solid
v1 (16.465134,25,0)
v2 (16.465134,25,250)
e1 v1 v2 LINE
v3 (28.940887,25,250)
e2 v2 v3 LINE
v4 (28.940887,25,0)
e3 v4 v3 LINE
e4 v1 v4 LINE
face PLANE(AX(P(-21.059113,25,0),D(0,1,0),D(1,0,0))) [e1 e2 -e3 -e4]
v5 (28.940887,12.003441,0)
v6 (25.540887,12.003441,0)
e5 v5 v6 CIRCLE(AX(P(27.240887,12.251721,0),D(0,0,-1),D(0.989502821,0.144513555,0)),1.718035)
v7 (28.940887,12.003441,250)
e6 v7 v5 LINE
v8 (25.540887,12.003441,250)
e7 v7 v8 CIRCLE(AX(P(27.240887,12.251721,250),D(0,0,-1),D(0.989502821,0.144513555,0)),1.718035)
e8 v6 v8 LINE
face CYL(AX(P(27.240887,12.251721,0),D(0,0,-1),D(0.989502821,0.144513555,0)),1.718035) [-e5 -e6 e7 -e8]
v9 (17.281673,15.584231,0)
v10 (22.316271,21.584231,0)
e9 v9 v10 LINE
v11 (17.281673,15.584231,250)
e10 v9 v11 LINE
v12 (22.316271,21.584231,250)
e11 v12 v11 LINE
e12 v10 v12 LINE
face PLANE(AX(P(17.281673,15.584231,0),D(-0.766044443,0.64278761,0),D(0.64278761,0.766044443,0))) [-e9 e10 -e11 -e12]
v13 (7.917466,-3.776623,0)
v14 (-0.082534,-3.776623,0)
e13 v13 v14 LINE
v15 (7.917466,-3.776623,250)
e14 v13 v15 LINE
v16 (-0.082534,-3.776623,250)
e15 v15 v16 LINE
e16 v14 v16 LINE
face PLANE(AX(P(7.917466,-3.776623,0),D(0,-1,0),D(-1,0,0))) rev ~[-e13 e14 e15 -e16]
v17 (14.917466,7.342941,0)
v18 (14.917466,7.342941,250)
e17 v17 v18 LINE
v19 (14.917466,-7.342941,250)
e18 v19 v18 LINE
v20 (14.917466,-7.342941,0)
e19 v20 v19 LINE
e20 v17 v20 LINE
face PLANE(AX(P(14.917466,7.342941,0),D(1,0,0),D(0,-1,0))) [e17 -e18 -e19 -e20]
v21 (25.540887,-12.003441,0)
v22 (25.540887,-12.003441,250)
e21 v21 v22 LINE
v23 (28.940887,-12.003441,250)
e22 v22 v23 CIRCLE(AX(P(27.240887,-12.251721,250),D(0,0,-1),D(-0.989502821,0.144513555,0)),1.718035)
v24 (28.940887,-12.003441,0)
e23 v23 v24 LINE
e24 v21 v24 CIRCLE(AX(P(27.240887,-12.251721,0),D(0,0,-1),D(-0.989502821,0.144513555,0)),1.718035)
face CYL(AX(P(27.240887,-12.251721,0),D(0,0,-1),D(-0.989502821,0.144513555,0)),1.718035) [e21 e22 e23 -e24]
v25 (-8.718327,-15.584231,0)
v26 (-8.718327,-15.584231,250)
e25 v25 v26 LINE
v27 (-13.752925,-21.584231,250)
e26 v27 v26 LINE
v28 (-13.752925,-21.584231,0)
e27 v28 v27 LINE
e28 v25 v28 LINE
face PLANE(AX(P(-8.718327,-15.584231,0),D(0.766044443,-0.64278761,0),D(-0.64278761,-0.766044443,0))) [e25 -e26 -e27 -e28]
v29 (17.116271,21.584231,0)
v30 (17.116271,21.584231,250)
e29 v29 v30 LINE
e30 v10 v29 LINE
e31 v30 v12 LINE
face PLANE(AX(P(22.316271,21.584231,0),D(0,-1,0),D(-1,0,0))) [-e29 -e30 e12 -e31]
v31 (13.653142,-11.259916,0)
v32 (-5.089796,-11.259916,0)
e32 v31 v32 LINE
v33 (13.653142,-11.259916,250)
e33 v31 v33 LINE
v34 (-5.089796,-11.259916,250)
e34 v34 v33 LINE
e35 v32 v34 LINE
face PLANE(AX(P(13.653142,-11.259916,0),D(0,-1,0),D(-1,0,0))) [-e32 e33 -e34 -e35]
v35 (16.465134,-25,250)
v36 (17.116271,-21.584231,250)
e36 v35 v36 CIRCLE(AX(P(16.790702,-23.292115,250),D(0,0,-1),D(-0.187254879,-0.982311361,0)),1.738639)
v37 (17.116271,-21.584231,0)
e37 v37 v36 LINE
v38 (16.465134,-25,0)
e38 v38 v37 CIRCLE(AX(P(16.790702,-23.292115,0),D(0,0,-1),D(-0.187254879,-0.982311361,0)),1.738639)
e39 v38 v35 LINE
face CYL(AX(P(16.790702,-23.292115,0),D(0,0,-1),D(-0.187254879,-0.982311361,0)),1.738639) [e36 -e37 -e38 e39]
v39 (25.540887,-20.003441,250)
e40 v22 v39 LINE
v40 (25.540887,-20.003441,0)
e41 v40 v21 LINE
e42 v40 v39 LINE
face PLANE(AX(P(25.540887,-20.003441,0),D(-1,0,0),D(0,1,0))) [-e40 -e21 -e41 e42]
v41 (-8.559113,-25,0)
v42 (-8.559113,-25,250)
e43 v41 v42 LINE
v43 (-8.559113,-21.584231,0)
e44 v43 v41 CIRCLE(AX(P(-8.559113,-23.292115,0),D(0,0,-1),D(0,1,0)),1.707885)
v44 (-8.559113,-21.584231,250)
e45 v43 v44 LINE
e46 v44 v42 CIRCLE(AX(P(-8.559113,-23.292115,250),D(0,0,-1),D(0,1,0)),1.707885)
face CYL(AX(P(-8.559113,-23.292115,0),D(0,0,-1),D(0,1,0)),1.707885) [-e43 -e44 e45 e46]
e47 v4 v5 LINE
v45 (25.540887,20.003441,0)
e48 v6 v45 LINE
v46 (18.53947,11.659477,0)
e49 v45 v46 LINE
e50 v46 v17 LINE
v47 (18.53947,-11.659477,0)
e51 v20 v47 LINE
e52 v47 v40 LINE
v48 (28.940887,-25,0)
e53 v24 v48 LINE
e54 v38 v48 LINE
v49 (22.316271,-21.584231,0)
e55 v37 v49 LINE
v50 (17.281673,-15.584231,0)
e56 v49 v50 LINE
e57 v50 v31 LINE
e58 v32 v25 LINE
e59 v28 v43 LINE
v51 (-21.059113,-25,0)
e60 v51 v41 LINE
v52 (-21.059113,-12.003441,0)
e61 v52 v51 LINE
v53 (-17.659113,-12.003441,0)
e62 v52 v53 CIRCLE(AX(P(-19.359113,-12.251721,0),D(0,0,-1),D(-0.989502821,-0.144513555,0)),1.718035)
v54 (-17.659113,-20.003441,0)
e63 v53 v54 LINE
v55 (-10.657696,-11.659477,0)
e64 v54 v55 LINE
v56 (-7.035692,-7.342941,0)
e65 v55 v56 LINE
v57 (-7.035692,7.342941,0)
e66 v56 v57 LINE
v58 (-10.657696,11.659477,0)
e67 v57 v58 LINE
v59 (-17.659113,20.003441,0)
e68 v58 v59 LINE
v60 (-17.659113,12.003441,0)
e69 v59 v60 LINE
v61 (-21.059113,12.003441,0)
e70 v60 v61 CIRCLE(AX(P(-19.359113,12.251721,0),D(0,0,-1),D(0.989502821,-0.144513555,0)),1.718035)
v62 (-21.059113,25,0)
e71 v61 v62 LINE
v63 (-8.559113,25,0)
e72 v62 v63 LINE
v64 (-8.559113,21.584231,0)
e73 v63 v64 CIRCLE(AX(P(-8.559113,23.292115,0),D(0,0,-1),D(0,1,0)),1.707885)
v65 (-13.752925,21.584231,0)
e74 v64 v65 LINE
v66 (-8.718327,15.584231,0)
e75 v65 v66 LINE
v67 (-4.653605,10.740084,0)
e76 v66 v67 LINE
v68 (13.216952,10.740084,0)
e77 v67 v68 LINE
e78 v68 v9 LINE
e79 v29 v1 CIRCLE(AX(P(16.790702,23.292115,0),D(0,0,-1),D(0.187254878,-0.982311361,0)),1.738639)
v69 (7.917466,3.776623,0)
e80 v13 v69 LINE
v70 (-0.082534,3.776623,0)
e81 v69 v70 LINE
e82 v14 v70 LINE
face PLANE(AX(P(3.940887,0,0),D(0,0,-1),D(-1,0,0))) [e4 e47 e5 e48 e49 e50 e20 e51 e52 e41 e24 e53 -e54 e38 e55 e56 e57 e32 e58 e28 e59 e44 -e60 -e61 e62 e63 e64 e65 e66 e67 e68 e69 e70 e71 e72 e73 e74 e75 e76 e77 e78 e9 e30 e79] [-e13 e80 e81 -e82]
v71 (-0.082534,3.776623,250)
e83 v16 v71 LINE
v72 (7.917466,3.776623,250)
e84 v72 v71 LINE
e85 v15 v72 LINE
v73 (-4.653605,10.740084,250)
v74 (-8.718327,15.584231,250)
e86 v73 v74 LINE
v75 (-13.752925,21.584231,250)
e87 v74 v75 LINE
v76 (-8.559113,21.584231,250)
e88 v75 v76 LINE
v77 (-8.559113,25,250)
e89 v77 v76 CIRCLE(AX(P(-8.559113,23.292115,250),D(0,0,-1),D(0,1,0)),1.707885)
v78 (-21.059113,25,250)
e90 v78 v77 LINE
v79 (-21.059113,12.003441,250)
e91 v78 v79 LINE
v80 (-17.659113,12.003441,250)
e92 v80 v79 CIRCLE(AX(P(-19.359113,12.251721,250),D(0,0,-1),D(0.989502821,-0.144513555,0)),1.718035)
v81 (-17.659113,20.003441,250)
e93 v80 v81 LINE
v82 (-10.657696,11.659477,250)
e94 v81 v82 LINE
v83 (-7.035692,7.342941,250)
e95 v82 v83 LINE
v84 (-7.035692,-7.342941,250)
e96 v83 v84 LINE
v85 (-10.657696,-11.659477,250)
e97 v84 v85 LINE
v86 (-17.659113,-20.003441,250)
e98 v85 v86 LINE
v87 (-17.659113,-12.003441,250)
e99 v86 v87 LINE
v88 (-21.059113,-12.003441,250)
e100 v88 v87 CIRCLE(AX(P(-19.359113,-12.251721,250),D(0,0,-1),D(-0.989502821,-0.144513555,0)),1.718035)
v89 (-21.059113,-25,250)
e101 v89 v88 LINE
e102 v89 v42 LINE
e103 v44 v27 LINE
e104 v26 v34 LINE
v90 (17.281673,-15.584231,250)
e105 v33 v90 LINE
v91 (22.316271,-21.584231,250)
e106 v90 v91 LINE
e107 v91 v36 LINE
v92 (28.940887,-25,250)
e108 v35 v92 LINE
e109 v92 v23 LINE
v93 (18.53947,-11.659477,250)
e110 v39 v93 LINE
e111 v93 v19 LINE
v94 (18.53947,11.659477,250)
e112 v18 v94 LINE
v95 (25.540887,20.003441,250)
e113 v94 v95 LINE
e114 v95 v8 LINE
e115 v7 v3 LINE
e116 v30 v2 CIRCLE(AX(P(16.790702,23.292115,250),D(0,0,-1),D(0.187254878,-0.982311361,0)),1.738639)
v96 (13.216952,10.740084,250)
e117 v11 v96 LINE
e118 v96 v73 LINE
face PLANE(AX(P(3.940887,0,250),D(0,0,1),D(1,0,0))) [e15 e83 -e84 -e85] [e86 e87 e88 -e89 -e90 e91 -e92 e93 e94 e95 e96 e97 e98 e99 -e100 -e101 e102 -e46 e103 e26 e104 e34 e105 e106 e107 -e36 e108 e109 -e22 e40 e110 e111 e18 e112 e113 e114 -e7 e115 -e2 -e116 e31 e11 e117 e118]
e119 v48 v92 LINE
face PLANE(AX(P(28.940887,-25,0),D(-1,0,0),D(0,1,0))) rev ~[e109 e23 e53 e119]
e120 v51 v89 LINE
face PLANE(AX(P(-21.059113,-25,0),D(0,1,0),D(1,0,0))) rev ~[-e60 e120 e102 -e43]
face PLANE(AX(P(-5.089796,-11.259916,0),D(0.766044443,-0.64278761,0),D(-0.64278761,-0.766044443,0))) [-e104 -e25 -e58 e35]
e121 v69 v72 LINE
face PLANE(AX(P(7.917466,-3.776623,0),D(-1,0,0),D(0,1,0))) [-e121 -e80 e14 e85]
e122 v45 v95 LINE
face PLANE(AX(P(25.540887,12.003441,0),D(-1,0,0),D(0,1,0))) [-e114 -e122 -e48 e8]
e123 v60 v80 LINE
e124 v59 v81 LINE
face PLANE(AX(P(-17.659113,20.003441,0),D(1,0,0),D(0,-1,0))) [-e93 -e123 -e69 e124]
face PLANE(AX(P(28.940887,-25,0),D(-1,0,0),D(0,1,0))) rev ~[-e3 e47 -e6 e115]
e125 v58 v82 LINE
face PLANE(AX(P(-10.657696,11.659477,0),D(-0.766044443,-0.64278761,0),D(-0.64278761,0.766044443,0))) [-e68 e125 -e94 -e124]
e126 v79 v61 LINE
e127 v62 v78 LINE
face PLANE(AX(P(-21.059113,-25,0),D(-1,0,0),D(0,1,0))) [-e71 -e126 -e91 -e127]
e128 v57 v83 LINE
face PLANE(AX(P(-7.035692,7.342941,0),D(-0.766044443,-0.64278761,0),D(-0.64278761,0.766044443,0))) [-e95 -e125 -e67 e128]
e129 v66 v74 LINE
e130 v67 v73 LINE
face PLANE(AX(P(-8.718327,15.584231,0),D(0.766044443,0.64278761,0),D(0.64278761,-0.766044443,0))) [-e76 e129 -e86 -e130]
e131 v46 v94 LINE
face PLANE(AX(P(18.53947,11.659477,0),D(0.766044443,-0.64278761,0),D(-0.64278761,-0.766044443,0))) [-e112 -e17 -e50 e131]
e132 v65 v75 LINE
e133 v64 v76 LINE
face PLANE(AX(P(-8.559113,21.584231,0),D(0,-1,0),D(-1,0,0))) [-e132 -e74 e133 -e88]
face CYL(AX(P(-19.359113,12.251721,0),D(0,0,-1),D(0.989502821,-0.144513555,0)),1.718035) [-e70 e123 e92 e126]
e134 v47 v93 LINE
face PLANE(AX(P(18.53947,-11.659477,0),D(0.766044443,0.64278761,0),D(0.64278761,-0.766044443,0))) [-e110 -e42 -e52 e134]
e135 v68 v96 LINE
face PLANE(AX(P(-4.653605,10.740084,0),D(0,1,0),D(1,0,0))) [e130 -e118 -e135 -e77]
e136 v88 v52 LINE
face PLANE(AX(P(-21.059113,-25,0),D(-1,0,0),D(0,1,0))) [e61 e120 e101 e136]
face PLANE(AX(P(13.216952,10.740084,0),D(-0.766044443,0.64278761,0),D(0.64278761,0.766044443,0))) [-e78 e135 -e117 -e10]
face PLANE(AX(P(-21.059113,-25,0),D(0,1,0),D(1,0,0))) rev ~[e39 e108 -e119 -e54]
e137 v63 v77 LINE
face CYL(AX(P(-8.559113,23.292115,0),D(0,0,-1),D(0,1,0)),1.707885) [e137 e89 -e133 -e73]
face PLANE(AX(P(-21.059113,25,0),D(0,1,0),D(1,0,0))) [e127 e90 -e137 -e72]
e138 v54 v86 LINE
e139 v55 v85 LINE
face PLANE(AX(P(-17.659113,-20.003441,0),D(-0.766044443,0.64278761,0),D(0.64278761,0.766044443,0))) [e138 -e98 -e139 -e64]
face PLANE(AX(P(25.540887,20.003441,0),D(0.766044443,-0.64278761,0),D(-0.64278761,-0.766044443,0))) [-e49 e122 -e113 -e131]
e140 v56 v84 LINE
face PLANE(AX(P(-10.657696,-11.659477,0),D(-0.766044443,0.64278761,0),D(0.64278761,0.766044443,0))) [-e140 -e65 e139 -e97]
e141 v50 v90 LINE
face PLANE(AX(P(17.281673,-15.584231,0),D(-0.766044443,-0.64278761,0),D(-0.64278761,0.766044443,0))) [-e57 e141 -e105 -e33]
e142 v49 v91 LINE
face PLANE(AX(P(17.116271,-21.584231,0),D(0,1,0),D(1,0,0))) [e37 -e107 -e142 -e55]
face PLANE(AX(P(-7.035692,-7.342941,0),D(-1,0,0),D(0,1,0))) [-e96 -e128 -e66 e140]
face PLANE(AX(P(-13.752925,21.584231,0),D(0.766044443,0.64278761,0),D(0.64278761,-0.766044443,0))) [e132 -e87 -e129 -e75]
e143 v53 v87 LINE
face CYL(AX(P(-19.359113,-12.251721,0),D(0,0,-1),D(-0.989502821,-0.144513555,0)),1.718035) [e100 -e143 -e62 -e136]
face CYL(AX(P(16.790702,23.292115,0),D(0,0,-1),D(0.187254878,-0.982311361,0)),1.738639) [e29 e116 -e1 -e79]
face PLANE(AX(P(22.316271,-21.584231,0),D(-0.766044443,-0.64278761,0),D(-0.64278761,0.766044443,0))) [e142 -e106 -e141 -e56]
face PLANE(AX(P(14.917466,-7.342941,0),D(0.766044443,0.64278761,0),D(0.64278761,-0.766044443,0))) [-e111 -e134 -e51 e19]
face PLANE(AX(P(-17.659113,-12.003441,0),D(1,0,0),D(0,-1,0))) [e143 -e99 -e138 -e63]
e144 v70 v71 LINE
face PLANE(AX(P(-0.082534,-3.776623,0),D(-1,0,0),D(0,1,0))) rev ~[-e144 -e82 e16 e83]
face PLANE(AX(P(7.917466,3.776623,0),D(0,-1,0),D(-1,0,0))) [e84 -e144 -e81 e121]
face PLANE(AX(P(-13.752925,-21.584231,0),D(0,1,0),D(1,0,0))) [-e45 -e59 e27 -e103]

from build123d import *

# Parameters (mm, degrees)
SKETCH1_W           = 50
SKETCH1_H           = 50
BOSS_EXTRUDE1_DEPTH = 250
SKETCH2_W           = 18
SKETCH2_H           = 18
CUT_EXTRUDE2_DEPTH  = 287
SKETCH3_OUTSIDE_W   = 103.962
SKETCH3_OUTSIDE_H   = 103.962
CUT_EXTRUDE5_DEPTH  = 287
SKETCH4_W           = 18
SKETCH4_H           = 18
BOSS_EXTRUDE2_DEPTH = 250
SKETCH5_W           = 8
SKETCH5_H           = 7.553245746
CUT_EXTRUDE6_DEPTH  = 250


with BuildPart() as part:
    # Sketch1 → Boss-Extrude1 (new body)
    with BuildSketch(Plane.XY):
        with Locations((3.9408867, 0)):
            Rectangle(SKETCH1_W, SKETCH1_H)
    extrude(amount=BOSS_EXTRUDE1_DEPTH)

    # Sketch2 → Cut-Extrude2 (cut)
    with BuildSketch(Plane(origin=(0, 0, 0), x_dir=(-1, 0, 0), z_dir=(0, 0, -1))):
        with Locations((-3.9408867, 0)):
            Rectangle(SKETCH2_W, SKETCH2_H)
    extrude(amount=-CUT_EXTRUDE2_DEPTH, mode=Mode.SUBTRACT)

    # Sketch3 outside → Cut-Extrude5 (cut)
    with BuildSketch(Plane(origin=(0, 0, 0), x_dir=(-1, 0, 0), z_dir=(0, 0, -1))):
        with Locations((-3.941, 0)):
            Rectangle(SKETCH3_OUTSIDE_W, SKETCH3_OUTSIDE_H)
        with BuildLine():
            Line((-22.316271067, 21.584230763), (-17.116271067, 21.584230763))
            ThreePointArc((-17.116271067, 21.584230763), (-15.082817857, 22.96654679), (-16.465133883, 25))
            Line((-16.465133883, 25), (-28.9408867, 25))
            Line((-28.9408867, 25), (-28.9408867, 12.5))
            ThreePointArc((-28.9408867, 12.5), (-27.489165976, 10.551720724), (-25.5408867, 12.003441448))
            Line((-25.5408867, 12.003441448), (-25.5408867, 20.003441448))
            Line((-25.5408867, 20.003441448), (-18.539469589, 11.659477453))
            Line((-18.539469589, 11.659477453), (-14.917465737, 7.34294135))
            Line((-14.917465737, 7.34294135), (-14.917465737, -7.34294135))
            Line((-14.917465737, -7.34294135), (-18.539469589, -11.659477453))
            Line((-18.539469589, -11.659477453), (-25.5408867, -20.003441448))
            Line((-25.5408867, -20.003441448), (-25.5408867, -12.003441448))
            ThreePointArc((-25.5408867, -12.003441448), (-27.489165976, -10.551720724), (-28.9408867, -12.5))
            Line((-28.9408867, -12.5), (-28.9408867, -25))
            Line((-28.9408867, -25), (-16.465133883, -25))
            ThreePointArc((-16.465133883, -25), (-15.082817857, -22.96654679), (-17.116271067, -21.584230763))
            Line((-17.116271067, -21.584230763), (-22.316271067, -21.584230763))
            Line((-22.316271067, -21.584230763), (-17.28167328, -15.584230763))
            Line((-17.28167328, -15.584230763), (-13.653142176, -11.259915785))
            Line((-13.653142176, -11.259915785), (5.089795616, -11.259915785))
            Line((5.089795616, -11.259915785), (8.71832672, -15.584230763))
            Line((8.71832672, -15.584230763), (13.752924507, -21.584230763))
            Line((13.752924507, -21.584230763), (8.5591133, -21.584230763))
            ThreePointArc((8.5591133, -21.584230763), (6.851228682, -23.292115382), (8.5591133, -25))
            Line((8.5591133, -25), (21.0591133, -25))
            Line((21.0591133, -25), (21.0591133, -12.5))
            ThreePointArc((21.0591133, -12.5), (19.607392577, -10.551720724), (17.6591133, -12.003441448))
            Line((17.6591133, -12.003441448), (17.6591133, -20.003441448))
            Line((17.6591133, -20.003441448), (10.65769619, -11.659477453))
            Line((10.65769619, -11.659477453), (7.035692338, -7.34294135))
            Line((7.035692338, -7.34294135), (7.035692338, 7.34294135))
            Line((7.035692338, 7.34294135), (10.65769619, 11.659477453))
            Line((10.65769619, 11.659477453), (17.6591133, 20.003441448))
            Line((17.6591133, 20.003441448), (17.6591133, 12.003441448))
            ThreePointArc((17.6591133, 12.003441448), (19.607392577, 10.551720724), (21.0591133, 12.5))
            Line((21.0591133, 12.5), (21.0591133, 25))
            Line((21.0591133, 25), (8.5591133, 25))
            ThreePointArc((8.5591133, 25), (6.851228682, 23.292115382), (8.5591133, 21.584230763))
            Line((8.5591133, 21.584230763), (13.752924507, 21.584230763))
            Line((13.752924507, 21.584230763), (8.71832672, 15.584230763))
            Line((8.71832672, 15.584230763), (4.653605138, 10.740084215))
            Line((4.653605138, 10.740084215), (-13.216951698, 10.740084215))
            Line((-13.216951698, 10.740084215), (-17.28167328, 15.584230763))
            Line((-17.28167328, 15.584230763), (-22.316271067, 21.584230763))
        make_face(mode=Mode.SUBTRACT)
    extrude(amount=-CUT_EXTRUDE5_DEPTH, mode=Mode.SUBTRACT)

    # Sketch4 → Boss-Extrude2 (add)
    with BuildSketch(Plane(origin=(0, 0, 0), x_dir=(-1, 0, 0), z_dir=(0, 0, -1))):
        with Locations((-3.9408867, 0)):
            Rectangle(SKETCH4_W, SKETCH4_H)
    extrude(amount=-BOSS_EXTRUDE2_DEPTH)

    # Sketch5 → Cut-Extrude6 (cut)
    with BuildSketch(Plane(origin=(0, 0, 0), x_dir=(-1, 0, 0), z_dir=(0, 0, -1))):
        with Locations((-3.917465737, 0)):
            Rectangle(SKETCH5_W, SKETCH5_H)
    extrude(amount=-CUT_EXTRUDE6_DEPTH, mode=Mode.SUBTRACT)


solid = part.part
